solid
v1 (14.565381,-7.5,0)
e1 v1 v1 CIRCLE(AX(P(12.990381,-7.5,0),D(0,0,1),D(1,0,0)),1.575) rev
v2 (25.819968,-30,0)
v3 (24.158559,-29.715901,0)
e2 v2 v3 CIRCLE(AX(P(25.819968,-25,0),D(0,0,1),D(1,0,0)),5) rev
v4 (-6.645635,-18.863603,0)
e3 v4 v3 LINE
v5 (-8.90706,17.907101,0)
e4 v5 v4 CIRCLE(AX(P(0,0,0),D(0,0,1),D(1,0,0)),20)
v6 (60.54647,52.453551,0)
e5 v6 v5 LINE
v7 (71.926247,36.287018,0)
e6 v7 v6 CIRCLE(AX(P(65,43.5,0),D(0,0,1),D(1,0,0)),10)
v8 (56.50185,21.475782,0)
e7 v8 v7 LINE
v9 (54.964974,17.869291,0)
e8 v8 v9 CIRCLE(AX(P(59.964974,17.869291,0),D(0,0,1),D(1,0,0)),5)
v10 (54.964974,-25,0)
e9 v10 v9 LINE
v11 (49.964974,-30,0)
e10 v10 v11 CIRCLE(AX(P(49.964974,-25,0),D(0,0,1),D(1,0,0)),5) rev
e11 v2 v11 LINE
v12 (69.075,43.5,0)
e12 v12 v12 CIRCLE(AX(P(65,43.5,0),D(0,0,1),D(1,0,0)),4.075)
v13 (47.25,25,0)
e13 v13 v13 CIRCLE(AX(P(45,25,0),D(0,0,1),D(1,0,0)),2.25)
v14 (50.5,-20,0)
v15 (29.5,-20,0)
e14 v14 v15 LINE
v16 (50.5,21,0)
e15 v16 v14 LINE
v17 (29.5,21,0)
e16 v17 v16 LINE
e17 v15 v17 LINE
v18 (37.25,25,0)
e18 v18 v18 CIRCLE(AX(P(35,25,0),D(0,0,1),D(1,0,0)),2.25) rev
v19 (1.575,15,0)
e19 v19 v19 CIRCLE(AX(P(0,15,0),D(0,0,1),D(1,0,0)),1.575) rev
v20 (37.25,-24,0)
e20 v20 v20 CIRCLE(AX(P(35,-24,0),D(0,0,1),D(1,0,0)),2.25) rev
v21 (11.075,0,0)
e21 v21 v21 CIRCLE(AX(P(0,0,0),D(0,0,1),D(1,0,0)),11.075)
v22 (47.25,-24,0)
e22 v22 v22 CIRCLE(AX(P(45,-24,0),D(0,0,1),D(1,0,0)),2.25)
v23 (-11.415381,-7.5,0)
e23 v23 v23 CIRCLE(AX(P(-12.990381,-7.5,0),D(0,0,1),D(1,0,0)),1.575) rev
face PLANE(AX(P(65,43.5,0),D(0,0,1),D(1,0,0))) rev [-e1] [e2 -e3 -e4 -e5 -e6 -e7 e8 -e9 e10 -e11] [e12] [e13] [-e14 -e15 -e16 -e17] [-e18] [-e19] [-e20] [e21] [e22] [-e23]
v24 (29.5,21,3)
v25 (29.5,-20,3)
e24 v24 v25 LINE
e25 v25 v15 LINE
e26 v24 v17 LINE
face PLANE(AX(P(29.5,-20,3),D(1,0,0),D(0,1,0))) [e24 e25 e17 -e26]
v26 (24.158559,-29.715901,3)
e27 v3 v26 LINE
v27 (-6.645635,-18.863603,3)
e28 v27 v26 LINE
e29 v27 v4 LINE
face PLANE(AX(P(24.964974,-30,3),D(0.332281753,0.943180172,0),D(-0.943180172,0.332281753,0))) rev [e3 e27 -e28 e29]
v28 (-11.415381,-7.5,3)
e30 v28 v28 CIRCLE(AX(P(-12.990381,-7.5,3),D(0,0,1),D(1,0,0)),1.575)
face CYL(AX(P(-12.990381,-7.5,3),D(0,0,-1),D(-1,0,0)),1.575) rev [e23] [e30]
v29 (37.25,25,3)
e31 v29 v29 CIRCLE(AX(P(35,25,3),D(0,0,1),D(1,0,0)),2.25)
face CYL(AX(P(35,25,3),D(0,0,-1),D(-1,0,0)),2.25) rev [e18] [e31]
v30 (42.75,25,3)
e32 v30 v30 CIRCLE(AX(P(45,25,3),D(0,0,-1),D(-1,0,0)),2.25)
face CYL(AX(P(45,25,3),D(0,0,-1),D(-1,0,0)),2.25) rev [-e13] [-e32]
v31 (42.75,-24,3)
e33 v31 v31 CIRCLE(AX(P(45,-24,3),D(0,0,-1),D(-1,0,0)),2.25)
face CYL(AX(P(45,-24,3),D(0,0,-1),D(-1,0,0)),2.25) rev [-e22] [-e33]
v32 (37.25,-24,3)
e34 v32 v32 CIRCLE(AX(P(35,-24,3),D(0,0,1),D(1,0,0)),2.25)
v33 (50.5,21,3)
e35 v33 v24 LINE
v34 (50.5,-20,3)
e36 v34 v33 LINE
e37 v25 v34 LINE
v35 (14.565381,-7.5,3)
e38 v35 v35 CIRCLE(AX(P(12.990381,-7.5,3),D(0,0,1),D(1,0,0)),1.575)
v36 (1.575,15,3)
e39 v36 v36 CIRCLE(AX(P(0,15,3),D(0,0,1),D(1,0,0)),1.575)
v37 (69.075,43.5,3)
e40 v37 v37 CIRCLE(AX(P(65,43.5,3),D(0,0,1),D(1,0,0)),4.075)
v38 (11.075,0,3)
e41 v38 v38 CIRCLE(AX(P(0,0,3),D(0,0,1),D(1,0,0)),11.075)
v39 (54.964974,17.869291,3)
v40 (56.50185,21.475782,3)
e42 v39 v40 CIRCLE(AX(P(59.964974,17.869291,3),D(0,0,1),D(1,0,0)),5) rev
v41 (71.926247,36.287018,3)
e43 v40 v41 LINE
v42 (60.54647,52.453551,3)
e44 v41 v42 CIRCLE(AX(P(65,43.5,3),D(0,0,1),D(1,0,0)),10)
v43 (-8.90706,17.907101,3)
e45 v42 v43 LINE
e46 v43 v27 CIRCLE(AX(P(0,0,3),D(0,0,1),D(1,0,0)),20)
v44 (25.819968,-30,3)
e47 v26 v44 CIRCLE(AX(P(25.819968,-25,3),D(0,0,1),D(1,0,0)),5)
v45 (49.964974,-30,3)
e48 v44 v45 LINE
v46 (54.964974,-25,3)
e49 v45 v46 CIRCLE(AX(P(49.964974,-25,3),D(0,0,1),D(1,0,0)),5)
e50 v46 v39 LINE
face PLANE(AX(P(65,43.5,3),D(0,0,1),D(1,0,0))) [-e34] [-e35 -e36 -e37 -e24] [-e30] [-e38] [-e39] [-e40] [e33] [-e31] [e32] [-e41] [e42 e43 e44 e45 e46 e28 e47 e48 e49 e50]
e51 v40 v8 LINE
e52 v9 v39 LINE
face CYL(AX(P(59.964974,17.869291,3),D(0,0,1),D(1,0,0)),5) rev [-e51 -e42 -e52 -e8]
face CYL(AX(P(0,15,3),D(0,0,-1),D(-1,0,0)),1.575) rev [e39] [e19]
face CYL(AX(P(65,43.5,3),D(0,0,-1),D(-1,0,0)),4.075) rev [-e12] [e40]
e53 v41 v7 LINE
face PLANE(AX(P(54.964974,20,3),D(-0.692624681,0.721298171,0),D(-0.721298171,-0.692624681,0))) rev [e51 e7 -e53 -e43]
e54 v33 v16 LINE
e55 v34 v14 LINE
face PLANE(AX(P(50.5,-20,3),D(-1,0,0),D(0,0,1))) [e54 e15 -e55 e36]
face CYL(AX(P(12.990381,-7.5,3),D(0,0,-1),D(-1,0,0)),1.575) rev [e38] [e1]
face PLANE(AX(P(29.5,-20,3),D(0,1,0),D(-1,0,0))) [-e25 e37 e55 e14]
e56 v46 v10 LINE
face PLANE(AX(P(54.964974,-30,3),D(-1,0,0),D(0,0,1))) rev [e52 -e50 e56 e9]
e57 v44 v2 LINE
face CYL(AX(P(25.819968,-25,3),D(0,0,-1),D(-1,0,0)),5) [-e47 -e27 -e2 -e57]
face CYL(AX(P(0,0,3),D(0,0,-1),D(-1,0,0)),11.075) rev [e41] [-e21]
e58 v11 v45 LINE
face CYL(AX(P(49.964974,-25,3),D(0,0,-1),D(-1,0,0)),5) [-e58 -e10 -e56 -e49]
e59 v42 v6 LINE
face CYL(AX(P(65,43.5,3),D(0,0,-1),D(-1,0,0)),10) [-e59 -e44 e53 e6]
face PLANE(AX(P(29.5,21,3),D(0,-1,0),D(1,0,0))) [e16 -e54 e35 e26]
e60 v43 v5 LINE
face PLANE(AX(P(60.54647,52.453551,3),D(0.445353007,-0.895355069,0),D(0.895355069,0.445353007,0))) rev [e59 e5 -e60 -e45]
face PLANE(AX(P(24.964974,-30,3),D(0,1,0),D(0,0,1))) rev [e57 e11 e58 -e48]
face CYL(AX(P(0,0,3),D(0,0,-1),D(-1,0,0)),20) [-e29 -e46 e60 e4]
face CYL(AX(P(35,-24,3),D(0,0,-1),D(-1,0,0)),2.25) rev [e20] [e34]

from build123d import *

# Parameters (mm, degrees)
SKETCH1_R               = 11.075
SKETCH1_R_2             = 4.075
BOSS_EXTRUDE1_DEPTH     = 3
CUT_EXTRUDE1_DEPTH      = 93.175105099
CUT_EXTRUDE1_DEPTH_BACK = 93.175105099
SKETCH2_R               = 1.575
CUT_EXTRUDE5_DEPTH      = 93.175105099
CUT_EXTRUDE5_DEPTH_BACK = 93.175105099
SKETCH6_R               = 2.25
FILLET2_R               = 5
CUT_EXTRUDE6_DEPTH      = 93.175105099
CUT_EXTRUDE6_DEPTH_BACK = 93.175105099
SKETCH7_W               = 21
SKETCH7_H               = 41


with BuildPart() as part:
    # Sketch1 → Boss-Extrude1 (new body)
    with BuildSketch(Plane.XY):
        with BuildLine():
            Line((24.96497351, -30), (-6.645635057, -18.863603439))
            ThreePointArc((-6.645635057, -18.863603439), (-19.962283564, -1.227694959), (-8.907060148, 17.907101371))
            Line((-8.907060148, 17.907101371), (60.546469926, 52.453550686))
            ThreePointArc((60.546469926, 52.453550686), (73.177271821, 49.256059899), (71.926246808, 36.28701829))
            Line((71.926246808, 36.28701829), (54.96497351, 20))
            Line((54.96497351, 20), (54.96497351, -30))
            Line((54.96497351, -30), (24.96497351, -30))
        make_face()
        Circle(SKETCH1_R, mode=Mode.SUBTRACT)
        with Locations((65, 43.5)):
            Circle(SKETCH1_R_2, mode=Mode.SUBTRACT)
    extrude(amount=BOSS_EXTRUDE1_DEPTH)

    # Sketch2 → Cut-Extrude1 (cut, two sides: drawn at the far end of the back side and taken through both)
    with BuildSketch(Plane.XY.offset(-CUT_EXTRUDE1_DEPTH_BACK)):
        with Locations((0, 15)):
            Circle(SKETCH2_R)
        with Locations((12.990381057, -7.5)):
            Circle(SKETCH2_R)
        with Locations((-12.990381057, -7.5)):
            Circle(SKETCH2_R)
    extrude(amount=CUT_EXTRUDE1_DEPTH + CUT_EXTRUDE1_DEPTH_BACK, mode=Mode.SUBTRACT)

    # Sketch6 → Cut-Extrude5 (cut, two sides: drawn at the far end of the back side and taken through both)
    with BuildSketch(Plane.XY.offset(-CUT_EXTRUDE5_DEPTH_BACK)):
        with Locations((35, -24)):
            Circle(SKETCH6_R)
        with Locations((35, 25)):
            Circle(SKETCH6_R)
        with Locations(Location((45, 25, 0), (0, 0, 180))):
            Circle(SKETCH6_R)
        with Locations(Location((45, -24, 0), (0, 0, 180))):
            Circle(SKETCH6_R)
    extrude(amount=CUT_EXTRUDE5_DEPTH + CUT_EXTRUDE5_DEPTH_BACK, mode=Mode.SUBTRACT)

    # Fillet2
    fillet2_edges = [part.edges().sort_by_distance(p)[0] for p in [
        (54.96497351, -30, 1.5),
        (24.96497351, -30, 1.5),
        (54.96497351, 20, 1.5),
    ]]
    fillet(fillet2_edges, radius=FILLET2_R)

    # Sketch7 → Cut-Extrude6 (cut, two sides: drawn at the far end of the back side and taken through both)
    with BuildSketch(Plane.XY.offset(-CUT_EXTRUDE6_DEPTH_BACK)):
        with Locations((40, 0.5)):
            Rectangle(SKETCH7_W, SKETCH7_H)
    extrude(amount=CUT_EXTRUDE6_DEPTH + CUT_EXTRUDE6_DEPTH_BACK, mode=Mode.SUBTRACT)


solid = part.part
